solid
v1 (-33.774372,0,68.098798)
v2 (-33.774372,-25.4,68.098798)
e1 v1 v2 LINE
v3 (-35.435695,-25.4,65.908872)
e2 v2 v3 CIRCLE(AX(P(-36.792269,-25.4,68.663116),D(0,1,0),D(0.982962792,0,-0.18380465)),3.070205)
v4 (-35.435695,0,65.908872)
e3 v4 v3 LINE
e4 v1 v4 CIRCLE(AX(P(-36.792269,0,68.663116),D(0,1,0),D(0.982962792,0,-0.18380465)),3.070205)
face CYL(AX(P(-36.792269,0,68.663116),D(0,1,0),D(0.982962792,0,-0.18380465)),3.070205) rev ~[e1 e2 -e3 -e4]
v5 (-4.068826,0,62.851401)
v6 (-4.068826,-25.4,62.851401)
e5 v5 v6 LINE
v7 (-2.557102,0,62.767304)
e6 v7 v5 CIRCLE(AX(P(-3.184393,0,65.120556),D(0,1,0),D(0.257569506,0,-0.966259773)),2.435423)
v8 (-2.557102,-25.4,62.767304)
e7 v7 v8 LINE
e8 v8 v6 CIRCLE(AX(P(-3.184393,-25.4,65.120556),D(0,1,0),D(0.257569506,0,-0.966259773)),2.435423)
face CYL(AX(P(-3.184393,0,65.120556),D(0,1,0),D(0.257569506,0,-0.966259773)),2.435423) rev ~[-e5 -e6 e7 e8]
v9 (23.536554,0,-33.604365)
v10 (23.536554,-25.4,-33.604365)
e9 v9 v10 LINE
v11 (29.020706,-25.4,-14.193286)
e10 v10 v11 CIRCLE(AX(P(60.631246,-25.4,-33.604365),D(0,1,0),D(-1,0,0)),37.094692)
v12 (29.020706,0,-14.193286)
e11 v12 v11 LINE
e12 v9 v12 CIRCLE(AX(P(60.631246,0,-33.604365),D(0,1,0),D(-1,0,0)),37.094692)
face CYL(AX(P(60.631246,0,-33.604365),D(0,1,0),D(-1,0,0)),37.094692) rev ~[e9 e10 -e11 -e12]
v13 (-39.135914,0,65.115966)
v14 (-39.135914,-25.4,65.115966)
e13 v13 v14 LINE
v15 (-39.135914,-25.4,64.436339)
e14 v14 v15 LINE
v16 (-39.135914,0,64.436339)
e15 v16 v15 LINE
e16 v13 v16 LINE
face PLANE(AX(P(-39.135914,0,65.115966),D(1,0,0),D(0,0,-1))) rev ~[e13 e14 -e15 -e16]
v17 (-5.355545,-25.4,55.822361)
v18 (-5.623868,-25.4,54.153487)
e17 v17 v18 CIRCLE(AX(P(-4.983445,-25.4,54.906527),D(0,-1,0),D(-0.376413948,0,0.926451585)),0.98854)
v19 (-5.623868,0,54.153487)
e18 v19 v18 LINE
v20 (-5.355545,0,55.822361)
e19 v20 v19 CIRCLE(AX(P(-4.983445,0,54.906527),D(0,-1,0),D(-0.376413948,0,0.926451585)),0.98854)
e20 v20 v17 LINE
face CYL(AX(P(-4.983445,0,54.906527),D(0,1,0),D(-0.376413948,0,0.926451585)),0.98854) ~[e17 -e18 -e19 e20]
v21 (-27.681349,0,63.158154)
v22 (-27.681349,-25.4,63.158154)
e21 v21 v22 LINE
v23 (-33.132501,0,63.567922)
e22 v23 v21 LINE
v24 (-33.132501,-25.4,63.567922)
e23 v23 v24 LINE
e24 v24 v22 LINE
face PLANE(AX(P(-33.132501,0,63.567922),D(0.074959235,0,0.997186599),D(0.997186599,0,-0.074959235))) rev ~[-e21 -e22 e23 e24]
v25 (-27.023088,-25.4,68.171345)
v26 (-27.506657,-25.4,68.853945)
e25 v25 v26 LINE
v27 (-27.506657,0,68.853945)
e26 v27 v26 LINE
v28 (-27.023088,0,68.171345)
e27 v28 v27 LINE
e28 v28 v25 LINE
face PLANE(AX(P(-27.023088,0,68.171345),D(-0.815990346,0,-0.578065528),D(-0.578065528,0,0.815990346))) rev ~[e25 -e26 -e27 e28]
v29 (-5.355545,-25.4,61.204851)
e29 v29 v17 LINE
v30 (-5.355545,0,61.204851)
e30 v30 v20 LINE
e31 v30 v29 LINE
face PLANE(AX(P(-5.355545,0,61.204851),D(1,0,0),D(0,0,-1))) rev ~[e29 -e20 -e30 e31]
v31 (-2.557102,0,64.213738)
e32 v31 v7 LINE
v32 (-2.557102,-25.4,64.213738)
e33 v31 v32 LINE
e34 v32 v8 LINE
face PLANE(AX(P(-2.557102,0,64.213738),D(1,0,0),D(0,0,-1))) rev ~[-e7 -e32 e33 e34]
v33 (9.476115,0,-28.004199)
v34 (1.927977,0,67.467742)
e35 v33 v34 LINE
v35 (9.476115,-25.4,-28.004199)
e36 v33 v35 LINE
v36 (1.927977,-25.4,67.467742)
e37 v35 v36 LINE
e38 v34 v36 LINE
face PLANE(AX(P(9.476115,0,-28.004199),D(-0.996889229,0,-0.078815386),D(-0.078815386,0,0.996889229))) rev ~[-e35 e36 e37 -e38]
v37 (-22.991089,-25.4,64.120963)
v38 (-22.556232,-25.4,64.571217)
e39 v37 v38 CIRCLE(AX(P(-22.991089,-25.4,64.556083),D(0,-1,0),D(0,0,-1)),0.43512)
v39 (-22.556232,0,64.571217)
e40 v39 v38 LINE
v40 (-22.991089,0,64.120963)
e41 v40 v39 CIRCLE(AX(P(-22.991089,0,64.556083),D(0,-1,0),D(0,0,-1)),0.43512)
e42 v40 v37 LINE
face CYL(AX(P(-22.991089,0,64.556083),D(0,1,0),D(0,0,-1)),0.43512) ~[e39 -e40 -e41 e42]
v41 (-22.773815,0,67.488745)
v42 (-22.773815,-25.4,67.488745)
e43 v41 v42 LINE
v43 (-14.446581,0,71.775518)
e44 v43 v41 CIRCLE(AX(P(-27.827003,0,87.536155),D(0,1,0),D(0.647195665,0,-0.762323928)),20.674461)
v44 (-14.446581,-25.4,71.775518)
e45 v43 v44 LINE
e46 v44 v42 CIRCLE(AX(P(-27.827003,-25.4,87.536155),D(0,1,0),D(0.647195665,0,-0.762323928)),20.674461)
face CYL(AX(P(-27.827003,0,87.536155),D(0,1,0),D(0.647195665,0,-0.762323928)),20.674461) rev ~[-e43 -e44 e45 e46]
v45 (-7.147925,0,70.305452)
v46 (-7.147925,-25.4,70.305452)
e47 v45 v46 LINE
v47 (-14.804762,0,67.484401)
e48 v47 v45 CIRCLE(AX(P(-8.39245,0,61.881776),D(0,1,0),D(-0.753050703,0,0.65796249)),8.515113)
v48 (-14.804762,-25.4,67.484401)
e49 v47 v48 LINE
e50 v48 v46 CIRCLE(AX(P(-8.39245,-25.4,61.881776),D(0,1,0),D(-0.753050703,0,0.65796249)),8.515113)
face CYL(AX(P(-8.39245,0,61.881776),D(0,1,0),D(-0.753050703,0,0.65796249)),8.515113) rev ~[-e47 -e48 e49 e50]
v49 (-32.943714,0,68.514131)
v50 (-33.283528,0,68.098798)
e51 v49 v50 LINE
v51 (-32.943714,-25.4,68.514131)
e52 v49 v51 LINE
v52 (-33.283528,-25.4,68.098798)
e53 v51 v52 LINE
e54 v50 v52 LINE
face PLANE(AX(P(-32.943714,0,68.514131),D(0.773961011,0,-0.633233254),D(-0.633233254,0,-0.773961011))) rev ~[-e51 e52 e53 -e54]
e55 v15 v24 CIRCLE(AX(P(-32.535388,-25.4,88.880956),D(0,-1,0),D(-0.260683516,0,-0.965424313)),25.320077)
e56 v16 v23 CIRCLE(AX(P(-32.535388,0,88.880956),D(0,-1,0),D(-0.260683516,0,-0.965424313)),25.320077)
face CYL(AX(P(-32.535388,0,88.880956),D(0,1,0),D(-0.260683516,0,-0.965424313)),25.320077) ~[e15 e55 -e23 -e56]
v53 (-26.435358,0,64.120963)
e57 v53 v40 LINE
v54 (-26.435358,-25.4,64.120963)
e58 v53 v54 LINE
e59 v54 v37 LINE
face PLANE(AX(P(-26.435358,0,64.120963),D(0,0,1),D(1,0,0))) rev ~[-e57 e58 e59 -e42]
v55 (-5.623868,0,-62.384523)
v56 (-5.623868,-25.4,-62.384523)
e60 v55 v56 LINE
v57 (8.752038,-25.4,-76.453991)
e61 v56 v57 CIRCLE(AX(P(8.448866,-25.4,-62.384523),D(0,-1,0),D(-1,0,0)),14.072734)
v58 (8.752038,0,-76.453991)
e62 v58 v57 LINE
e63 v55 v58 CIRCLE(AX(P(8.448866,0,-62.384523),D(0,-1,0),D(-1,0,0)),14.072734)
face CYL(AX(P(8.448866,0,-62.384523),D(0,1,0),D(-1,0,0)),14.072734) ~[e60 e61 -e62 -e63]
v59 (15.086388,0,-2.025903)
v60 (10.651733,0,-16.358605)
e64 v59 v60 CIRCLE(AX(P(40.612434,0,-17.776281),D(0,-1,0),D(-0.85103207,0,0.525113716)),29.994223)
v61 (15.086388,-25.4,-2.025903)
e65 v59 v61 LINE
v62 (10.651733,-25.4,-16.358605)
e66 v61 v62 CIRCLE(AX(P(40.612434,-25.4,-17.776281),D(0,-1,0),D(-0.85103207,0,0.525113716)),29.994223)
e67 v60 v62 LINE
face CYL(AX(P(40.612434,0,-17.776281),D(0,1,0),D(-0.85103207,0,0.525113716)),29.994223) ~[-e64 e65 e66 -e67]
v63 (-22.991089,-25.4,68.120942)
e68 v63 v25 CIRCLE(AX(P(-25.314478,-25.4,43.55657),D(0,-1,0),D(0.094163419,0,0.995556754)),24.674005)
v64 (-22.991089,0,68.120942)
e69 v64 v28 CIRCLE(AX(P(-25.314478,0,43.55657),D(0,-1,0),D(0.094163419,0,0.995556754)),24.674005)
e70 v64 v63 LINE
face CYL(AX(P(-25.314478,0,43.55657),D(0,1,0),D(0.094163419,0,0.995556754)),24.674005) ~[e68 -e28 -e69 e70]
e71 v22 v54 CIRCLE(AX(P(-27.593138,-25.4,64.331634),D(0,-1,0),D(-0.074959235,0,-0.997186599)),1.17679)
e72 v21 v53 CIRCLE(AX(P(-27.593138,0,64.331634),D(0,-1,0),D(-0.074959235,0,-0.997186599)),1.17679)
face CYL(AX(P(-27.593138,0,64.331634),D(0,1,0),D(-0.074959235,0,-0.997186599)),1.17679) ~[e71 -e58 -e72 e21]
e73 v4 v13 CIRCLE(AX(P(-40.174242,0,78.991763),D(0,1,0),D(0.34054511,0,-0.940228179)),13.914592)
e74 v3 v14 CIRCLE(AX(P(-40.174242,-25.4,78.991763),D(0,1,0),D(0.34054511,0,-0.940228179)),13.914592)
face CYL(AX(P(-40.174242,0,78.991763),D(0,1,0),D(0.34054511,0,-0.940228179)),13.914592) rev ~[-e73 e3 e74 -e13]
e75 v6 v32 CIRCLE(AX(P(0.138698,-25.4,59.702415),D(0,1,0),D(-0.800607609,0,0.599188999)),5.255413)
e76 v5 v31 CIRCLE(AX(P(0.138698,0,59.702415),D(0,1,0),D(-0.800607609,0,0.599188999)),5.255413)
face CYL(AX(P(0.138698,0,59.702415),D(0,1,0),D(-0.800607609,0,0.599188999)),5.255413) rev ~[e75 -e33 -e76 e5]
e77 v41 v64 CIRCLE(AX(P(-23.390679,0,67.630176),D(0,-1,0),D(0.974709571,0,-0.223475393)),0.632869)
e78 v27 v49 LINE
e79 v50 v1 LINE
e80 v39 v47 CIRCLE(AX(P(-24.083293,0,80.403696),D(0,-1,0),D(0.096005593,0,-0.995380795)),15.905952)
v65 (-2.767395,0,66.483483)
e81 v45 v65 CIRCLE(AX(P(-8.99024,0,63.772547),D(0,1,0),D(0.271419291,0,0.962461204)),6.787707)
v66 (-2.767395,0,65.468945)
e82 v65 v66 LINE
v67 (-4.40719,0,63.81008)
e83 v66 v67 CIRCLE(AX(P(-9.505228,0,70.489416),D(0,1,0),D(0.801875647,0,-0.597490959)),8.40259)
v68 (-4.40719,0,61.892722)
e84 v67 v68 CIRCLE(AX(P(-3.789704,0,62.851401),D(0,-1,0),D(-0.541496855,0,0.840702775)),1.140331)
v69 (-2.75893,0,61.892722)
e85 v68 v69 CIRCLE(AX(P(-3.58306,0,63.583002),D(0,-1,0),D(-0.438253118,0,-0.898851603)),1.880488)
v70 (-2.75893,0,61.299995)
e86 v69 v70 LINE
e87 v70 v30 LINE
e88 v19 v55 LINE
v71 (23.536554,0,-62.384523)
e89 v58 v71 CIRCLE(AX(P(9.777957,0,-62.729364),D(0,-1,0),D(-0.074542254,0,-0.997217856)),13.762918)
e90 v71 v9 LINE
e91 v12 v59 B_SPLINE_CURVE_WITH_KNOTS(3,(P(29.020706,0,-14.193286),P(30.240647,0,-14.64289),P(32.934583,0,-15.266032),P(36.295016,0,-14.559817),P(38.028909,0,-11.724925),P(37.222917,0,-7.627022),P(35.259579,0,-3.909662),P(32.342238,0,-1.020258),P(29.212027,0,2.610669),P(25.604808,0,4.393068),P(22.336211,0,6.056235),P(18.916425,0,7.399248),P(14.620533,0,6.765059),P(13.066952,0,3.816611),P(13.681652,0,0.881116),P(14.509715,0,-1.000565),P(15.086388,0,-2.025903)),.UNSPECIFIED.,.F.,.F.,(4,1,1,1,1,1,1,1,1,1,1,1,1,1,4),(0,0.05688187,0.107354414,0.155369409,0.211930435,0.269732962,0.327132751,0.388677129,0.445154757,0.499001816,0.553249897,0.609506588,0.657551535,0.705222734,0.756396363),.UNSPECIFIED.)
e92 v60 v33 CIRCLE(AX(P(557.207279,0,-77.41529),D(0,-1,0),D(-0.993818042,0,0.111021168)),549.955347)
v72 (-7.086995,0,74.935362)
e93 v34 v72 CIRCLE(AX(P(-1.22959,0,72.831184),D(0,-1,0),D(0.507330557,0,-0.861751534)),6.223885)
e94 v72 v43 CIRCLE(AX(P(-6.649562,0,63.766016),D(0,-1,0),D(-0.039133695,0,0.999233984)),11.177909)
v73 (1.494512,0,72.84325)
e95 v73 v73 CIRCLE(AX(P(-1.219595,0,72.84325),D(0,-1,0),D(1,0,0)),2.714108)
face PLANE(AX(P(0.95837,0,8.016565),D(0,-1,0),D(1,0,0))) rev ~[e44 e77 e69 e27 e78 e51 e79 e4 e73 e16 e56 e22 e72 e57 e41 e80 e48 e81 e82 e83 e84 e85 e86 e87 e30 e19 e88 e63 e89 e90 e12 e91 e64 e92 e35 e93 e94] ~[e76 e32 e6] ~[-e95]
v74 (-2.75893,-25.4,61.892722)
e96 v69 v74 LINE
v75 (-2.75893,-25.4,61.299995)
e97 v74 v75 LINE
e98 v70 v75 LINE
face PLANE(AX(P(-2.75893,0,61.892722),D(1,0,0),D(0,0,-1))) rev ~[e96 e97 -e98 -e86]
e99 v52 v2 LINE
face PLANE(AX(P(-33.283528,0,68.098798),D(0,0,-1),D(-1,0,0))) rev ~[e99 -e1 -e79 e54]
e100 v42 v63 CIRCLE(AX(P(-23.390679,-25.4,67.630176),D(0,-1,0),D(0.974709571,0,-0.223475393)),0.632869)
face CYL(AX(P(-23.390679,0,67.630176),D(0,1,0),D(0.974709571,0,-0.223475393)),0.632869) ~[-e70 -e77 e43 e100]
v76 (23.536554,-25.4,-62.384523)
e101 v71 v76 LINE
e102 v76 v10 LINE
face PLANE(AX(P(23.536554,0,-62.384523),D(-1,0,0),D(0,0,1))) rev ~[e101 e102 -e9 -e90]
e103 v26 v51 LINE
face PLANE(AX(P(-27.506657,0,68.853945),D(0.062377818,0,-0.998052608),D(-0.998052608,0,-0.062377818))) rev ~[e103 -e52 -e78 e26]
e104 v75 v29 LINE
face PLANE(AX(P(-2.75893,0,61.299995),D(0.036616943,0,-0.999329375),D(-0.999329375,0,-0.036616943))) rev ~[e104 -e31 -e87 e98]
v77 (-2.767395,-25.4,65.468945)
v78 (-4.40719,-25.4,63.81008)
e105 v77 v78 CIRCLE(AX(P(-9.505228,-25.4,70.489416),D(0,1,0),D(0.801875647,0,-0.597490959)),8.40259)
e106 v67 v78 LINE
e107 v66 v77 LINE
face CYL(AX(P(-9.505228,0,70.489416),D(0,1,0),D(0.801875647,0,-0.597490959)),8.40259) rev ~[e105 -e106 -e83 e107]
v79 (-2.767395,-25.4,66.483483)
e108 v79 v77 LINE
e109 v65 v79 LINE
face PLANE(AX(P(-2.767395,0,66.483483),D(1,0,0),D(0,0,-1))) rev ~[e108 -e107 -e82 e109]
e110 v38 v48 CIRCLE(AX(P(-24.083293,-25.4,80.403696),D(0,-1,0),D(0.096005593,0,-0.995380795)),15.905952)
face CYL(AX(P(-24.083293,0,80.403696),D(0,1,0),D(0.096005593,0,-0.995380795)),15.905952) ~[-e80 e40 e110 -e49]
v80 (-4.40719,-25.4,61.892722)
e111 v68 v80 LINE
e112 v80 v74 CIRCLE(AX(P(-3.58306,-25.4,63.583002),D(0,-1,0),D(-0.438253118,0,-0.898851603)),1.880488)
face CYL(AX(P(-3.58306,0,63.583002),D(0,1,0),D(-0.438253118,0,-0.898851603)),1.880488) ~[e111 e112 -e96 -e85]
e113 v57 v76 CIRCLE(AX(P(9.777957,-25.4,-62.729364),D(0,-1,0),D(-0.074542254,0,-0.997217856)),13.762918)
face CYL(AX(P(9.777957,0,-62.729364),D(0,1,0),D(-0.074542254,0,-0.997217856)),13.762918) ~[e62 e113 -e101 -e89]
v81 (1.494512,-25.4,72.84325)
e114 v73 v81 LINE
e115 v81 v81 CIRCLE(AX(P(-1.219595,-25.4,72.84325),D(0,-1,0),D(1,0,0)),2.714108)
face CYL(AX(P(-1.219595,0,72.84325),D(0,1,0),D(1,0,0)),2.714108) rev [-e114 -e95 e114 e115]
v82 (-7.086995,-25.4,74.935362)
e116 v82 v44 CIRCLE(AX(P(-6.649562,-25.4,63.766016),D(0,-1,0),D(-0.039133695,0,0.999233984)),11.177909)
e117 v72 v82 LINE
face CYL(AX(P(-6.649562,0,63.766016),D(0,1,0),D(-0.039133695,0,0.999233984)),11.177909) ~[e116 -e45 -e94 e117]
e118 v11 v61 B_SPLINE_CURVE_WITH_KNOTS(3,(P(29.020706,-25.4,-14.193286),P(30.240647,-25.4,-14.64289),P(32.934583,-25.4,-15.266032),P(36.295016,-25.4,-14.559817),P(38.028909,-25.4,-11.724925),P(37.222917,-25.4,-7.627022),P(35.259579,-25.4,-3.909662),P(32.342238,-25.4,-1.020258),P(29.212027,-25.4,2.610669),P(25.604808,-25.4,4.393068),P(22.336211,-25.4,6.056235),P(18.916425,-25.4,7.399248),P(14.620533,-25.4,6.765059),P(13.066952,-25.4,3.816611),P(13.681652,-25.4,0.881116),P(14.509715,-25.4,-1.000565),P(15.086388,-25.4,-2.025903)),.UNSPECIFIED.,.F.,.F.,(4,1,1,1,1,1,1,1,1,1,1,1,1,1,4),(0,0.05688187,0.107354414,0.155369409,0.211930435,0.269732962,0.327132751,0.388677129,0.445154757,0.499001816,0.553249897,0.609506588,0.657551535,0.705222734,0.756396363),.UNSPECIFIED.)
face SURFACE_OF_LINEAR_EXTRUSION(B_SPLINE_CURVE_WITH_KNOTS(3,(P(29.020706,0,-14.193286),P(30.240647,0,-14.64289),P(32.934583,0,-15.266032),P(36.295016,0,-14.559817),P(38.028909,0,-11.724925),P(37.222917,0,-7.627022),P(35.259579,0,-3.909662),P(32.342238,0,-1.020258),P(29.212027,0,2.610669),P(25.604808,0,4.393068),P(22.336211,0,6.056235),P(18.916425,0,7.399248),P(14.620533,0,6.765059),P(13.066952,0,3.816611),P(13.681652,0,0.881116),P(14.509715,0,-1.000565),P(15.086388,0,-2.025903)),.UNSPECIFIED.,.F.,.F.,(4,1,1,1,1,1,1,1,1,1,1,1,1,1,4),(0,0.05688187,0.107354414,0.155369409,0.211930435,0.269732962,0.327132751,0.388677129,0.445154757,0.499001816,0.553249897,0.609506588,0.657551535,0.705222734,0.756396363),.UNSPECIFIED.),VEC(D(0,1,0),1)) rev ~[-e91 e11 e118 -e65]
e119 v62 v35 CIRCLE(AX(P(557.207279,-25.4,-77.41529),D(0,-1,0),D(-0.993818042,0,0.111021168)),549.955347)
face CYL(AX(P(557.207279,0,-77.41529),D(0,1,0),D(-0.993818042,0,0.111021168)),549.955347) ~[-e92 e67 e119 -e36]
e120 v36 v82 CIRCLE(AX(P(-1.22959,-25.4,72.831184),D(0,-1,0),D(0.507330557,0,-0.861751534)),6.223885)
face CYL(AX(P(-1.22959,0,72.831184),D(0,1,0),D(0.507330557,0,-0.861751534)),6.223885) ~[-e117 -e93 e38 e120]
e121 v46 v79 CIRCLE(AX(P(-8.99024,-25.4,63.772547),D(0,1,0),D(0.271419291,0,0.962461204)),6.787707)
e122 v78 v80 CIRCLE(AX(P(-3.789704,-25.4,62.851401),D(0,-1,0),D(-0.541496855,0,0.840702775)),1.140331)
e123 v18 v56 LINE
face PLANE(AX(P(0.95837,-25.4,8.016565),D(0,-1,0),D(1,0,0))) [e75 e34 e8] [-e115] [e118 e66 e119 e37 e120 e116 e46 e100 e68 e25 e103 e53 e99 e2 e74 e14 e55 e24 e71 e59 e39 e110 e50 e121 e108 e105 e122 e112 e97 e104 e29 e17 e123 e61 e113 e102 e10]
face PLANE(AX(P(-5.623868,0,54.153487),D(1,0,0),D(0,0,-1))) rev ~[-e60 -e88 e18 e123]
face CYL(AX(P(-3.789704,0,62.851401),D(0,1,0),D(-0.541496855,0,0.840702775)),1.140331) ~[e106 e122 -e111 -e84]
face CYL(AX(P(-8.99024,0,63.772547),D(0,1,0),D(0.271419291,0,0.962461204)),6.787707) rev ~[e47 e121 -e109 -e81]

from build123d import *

# Parameters (mm, degrees)
F0_R     = 2.7141078585
F1_DEPTH = 25.4


with BuildPart() as f1:
    # F0 (on Front) → F1 (new body)
    with BuildSketch(Plane.XZ):
        with BuildLine():
            ThreePointArc((-22.7738153189, 67.4887448549), (-22.7921703196, 67.8358713447), (-22.9910891503, 68.1209415197))
            ThreePointArc((-22.9910891503, 68.1209415197), (-25.0060573108, 68.2286465166), (-27.023088187, 68.1713446975))
            Line((-27.023088187, 68.1713446975), (-27.5066569448, 68.85394454))
            Line((-27.5066569448, 68.85394454), (-32.9437144101, 68.5141310096))
            Line((-32.9437144101, 68.5141310096), (-33.2835279405, 68.0987983942))
            Line((-33.2835279405, 68.0987983942), (-33.7743721902, 68.0987983942))
            ThreePointArc((-33.7743721902, 68.0987983942), (-34.3462634703, 66.8075266369), (-35.4356952012, 65.9088715911))
            ThreePointArc((-35.4356952012, 65.9088715911), (-37.2587240978, 65.3860426312), (-39.1359142959, 65.1159659028))
            Line((-39.1359142959, 65.1159659028), (-39.1359142959, 64.4363388419))
            ThreePointArc((-39.1359142959, 64.4363388419), (-36.1603072833, 63.8217018821), (-33.1325009465, 63.5679215193))
            Line((-33.1325009465, 63.5679215193), (-27.6813488454, 63.1581544876))
            ThreePointArc((-27.6813488454, 63.1581544876), (-26.8735932667, 63.4004566777), (-26.4353584498, 64.1209632158))
            Line((-26.4353584498, 64.1209632158), (-22.9910891503, 64.1209632158))
            ThreePointArc((-22.9910891503, 64.1209632158), (-22.6781080436, 64.253804751), (-22.5562322885, 64.5712167025))
            ThreePointArc((-22.5562322885, 64.5712167025), (-18.4875924267, 65.5145236697), (-14.8047618568, 67.4844011664))
            ThreePointArc((-14.8047618568, 67.4844011664), (-11.3362719877, 69.8718364191), (-7.1479254402, 70.3054517508))
            ThreePointArc((-7.1479254402, 70.3054517508), (-4.5277788439, 68.887173808), (-2.767395461, 66.4834827185))
            Line((-2.767395461, 66.4834827185), (-2.767395461, 65.4689446092))
            ThreePointArc((-2.767395461, 65.4689446092), (-3.5294504922, 64.5823352603), (-4.4071897864, 63.8100802898))
            ThreePointArc((-4.4071897864, 63.8100802898), (-4.9300350312, 62.8514010459), (-4.4071897864, 61.892721802))
            ThreePointArc((-4.4071897864, 61.892721802), (-3.5830599954, 61.7025134414), (-2.7589302044, 61.892721802))
            Line((-2.7589302044, 61.892721802), (-2.7589302044, 61.2999945879))
            Line((-2.7589302044, 61.2999945879), (-5.3555453196, 61.2048506737))
            Line((-5.3555453196, 61.2048506737), (-5.3555453196, 55.8223612607))
            ThreePointArc((-5.3555453196, 55.8223612607), (-5.9594502353, 55.0634497993), (-5.6238677353, 54.1534870863))
            Line((-5.6238677353, 54.1534870863), (-5.6238677353, -62.3845234513))
            ThreePointArc((-5.6238677353, -62.3845234513), (-1.3942884576, -72.4420651841), (8.752037771, -76.4539912343))
            ThreePointArc((8.752037771, -76.4539912343), (19.2657252949, -72.6993263655), (23.5365536064, -62.3845234513))
            Line((23.5365536064, -62.3845234513), (23.5365536064, -33.6043648422))
            ThreePointArc((23.5365536064, -33.6043648422), (24.933910985, -23.5189061999), (29.0207061917, -14.1932861879))
            add(Edge.make_bspline(
                [(15.0863882154, -2.0259027369), (15.7751326223, -3.2505053697), (17.6936460501, -6.0170930074), (22.1426691232, -9.8903754066), (25.8443379941, -12.661596163), (27.8917323554, -13.7772074835), (29.0207061917, -14.1932861879)],
                knots=[0.7563963627, 0.7563963627, 0.7563963627, 0.7563963627, 0.8175150943, 0.8867084098, 0.9473596072, 1, 1, 1, 1], degree=3))
            ThreePointArc((15.0863882154, -2.0259027369), (11.9584402409, -8.9105003241), (10.6517327949, -16.3586046547))
            ThreePointArc((10.6517327949, -16.3586046547), (10.0329411481, -22.1782742655), (9.4761149958, -28.0041992664))
            Line((9.4761149958, -28.0041992664), (1.9279766129, 67.4677416682))
            ThreePointArc((1.9279766129, 67.4677416682), (2.7407517304, 77.6242133721), (-7.0869945921, 74.935361743))
            ThreePointArc((-7.0869945921, 74.935361743), (-11.0595166202, 74.0372345412), (-14.4465807825, 71.7755183578))
            ThreePointArc((-14.4465807825, 71.7755183578), (-18.3642549618, 69.1543770007), (-22.7738153189, 67.4887448549))
        make_face()
        with BuildLine():
            ThreePointArc((-4.0688263252, 62.8514010459), (-3.3795349876, 63.606439902), (-2.557102358, 64.2137378454))
            Line((-2.557102358, 64.2137378454), (-2.557102358, 62.7673044801))
            ThreePointArc((-2.557102358, 62.7673044801), (-3.3196654997, 62.688892419), (-4.0688263252, 62.8514010459))
        make_face(mode=Mode.SUBTRACT)
        with Locations((-1.2195954115, 72.8432503492)):
            Circle(F0_R, mode=Mode.SUBTRACT)
        with BuildLine():
            add(Edge.make_bspline(
                [(29.0207061917, -14.1932861879), (30.2406466138, -14.6428902567), (32.9345834701, -15.2660315276), (36.2950164372, -14.5598167886), (38.0289094793, -11.7249246551), (37.2229168354, -7.6270218622), (35.2595789438, -3.9096619981), (32.3422375337, -1.020258382), (29.2120266668, 2.6106692647), (25.6048078466, 4.3930678157), (22.336210848, 6.0562350188), (18.9164254173, 7.3992483014), (14.6205334195, 6.7650587121), (13.0669516392, 3.8166109603), (13.6816516209, 0.8811160705), (14.5097147517, -1.0005646945), (15.0863882154, -2.0259027369)],
                knots=[0, 0, 0, 0, 0.0568818701, 0.1073544142, 0.1553694094, 0.2119304349, 0.2697329624, 0.3271327508, 0.3886771292, 0.4451547567, 0.4990018162, 0.5532498973, 0.6095065881, 0.6575515351, 0.705222734, 0.7563963627, 0.7563963627, 0.7563963627, 0.7563963627], degree=3))
            add(Edge.make_bspline(
                [(15.0863882154, -2.0259027369), (15.7751326223, -3.2505053697), (17.6936460501, -6.0170930074), (22.1426691232, -9.8903754066), (25.8443379941, -12.661596163), (27.8917323554, -13.7772074835), (29.0207061917, -14.1932861879)],
                knots=[0.7563963627, 0.7563963627, 0.7563963627, 0.7563963627, 0.8175150943, 0.8867084098, 0.9473596072, 1, 1, 1, 1], degree=3))
        make_face()
    extrude(amount=F1_DEPTH)


solid = f1.part
